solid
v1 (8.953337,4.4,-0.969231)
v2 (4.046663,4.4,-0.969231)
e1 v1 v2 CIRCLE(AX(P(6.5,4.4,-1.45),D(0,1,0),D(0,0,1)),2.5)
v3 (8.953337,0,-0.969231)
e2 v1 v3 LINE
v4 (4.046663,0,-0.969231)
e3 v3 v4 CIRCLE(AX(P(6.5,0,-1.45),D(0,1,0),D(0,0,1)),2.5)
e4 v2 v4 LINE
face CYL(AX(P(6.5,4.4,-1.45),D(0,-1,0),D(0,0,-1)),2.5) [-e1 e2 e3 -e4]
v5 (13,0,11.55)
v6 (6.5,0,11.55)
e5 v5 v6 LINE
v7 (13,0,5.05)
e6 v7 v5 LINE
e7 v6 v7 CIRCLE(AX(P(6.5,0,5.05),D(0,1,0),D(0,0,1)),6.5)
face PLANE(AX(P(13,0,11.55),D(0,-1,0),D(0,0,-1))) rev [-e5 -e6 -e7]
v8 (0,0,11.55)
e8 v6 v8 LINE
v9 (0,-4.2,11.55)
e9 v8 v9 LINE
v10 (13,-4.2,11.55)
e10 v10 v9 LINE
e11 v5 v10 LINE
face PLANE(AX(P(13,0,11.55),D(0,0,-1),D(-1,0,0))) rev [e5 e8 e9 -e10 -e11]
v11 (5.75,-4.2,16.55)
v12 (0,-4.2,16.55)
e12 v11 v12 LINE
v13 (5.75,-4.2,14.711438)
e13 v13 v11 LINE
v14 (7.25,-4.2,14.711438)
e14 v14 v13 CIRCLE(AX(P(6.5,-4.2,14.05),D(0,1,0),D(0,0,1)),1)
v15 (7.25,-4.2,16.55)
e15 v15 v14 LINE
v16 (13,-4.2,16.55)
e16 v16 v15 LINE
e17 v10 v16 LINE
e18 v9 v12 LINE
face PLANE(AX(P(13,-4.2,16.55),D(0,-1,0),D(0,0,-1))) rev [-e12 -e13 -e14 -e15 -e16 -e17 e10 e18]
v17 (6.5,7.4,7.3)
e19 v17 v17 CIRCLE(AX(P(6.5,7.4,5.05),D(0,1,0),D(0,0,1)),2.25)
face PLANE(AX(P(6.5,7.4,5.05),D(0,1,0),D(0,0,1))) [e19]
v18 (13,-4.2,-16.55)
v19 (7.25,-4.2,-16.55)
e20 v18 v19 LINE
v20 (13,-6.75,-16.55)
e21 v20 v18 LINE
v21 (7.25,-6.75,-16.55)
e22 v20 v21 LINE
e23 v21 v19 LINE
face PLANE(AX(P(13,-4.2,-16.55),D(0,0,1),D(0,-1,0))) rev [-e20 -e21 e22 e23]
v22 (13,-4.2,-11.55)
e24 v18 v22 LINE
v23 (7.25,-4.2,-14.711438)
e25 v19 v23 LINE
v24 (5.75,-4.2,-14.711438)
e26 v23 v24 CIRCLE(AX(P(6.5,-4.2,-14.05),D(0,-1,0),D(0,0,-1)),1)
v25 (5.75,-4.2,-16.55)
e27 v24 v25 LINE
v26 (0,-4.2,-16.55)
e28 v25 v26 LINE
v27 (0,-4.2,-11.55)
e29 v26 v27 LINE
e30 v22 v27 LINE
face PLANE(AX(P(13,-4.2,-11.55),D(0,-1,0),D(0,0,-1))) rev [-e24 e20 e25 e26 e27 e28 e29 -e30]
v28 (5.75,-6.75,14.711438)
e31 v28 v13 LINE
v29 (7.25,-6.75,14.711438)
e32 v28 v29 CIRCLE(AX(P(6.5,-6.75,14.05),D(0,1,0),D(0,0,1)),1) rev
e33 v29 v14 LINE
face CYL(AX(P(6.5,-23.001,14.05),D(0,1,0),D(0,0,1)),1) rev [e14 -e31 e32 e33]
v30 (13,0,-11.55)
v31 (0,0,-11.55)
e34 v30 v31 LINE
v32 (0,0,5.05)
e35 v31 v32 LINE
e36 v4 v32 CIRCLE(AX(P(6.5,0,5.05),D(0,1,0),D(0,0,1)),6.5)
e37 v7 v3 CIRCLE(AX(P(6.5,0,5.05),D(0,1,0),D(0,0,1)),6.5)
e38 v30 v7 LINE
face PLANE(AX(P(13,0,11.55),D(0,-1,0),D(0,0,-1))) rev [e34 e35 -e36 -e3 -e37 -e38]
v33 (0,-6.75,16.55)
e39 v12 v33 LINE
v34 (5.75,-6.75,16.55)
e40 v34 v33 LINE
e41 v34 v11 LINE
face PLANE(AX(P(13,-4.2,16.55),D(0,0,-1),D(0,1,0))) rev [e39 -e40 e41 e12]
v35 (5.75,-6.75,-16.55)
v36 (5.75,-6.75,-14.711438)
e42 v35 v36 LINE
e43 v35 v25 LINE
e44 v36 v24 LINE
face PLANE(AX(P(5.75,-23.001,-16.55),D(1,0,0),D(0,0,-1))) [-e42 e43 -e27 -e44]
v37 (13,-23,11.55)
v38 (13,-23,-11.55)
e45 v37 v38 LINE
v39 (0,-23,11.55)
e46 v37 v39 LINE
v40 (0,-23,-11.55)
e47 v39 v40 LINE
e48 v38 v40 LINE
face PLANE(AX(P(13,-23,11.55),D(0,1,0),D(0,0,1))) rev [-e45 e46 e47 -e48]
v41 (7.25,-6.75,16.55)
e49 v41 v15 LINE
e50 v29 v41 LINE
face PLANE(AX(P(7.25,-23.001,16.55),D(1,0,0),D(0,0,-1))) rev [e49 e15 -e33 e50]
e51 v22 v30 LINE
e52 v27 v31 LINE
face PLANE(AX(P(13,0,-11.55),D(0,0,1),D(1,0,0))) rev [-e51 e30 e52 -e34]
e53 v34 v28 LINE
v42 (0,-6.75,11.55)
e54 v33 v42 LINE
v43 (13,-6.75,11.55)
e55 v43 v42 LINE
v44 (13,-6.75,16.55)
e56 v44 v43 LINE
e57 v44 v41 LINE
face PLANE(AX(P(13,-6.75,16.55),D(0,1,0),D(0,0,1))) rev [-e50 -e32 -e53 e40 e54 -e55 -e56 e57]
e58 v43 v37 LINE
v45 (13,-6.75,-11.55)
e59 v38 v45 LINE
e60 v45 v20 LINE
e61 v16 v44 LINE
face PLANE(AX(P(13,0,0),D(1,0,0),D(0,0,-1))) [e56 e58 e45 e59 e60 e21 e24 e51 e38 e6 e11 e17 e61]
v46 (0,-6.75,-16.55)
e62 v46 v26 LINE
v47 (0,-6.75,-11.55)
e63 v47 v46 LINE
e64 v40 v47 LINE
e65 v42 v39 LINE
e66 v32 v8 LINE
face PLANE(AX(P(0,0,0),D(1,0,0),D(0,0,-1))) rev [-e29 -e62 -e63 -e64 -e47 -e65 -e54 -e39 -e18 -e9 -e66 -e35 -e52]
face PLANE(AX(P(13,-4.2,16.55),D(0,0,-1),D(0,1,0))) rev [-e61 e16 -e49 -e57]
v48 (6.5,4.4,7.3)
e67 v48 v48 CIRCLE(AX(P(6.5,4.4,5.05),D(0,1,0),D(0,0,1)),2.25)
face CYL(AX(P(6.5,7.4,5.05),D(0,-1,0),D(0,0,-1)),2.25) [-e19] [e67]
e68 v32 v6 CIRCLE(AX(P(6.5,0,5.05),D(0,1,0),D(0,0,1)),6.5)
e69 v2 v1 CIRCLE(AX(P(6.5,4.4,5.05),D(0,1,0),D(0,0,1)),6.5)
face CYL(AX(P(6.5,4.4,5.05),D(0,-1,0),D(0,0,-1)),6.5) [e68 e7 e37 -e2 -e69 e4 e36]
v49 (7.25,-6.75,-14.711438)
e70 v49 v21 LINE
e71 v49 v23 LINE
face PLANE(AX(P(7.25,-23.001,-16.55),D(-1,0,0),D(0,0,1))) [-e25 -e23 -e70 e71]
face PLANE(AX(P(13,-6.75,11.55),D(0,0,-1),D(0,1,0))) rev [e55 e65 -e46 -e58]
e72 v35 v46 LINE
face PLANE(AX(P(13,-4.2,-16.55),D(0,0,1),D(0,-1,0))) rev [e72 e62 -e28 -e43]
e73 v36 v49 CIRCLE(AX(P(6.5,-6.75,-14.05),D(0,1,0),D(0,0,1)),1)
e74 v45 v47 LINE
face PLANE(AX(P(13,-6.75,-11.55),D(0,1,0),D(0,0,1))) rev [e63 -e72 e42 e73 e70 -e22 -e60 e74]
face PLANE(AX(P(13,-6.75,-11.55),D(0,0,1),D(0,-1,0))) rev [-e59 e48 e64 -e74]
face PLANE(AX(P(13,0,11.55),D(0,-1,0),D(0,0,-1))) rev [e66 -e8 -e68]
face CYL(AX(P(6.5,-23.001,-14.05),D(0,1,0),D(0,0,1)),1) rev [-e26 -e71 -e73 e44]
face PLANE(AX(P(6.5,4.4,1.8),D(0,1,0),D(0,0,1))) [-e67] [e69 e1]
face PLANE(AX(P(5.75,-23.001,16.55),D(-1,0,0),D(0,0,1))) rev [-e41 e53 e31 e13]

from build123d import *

# Parameters (mm, degrees)
BOSS_EXTRUDE1_DEPTH = 13
BOSS_EXTRUDE2_DEPTH = 4.4
SKETCH3_R           = 2.25
BOSS_EXTRUDE3_DEPTH = 3
CUT_EXTRUDE1_REACH  = 30.22


with BuildPart() as part:
    # Sketch1 → Boss-Extrude1 (new body)
    with BuildSketch(Plane(origin=(0, 0, 0), x_dir=(0, 0, -1), z_dir=(1, 0, 0))):
        Polygon((11.55, -4.2), (16.55, -4.2), (16.55, -6.75), (11.55, -6.75), (11.55, -23), (-11.55, -23), (-11.55, -6.75), (-16.55, -6.75), (-16.55, -4.2), (-11.55, -4.2), (-11.55, 0), (11.55, 0), align=None)
    extrude(amount=BOSS_EXTRUDE1_DEPTH)

    # Sketch2 → Boss-Extrude2 (add)
    with BuildSketch(Plane(origin=(0, 0, 0), x_dir=(1, 0, 0), z_dir=(0, 1, 0))):
        with BuildLine():
            ThreePointArc((4.046663303, 0.969230769), (6.5, -11.55), (8.953336697, 0.969230769))
            ThreePointArc((8.953336697, 0.969230769), (6.5, 3.95), (4.046663303, 0.969230769))
        make_face()
    extrude(amount=BOSS_EXTRUDE2_DEPTH)

    # Sketch3 → Boss-Extrude3 (add)
    with BuildSketch(Plane(origin=(0, 4.4, 0), x_dir=(1, 0, 0), z_dir=(0, 1, 0))):
        with Locations(Location((6.5, -5.05, 0), (0, 0, 270))):
            Circle(SKETCH3_R)
    extrude(amount=BOSS_EXTRUDE3_DEPTH)

    # Sketch4 → Cut-Extrude1 (cut, up to next)
    with BuildSketch(Plane(origin=(0, -4.2, 0), x_dir=(1, 0, 0), z_dir=(0, 1, 0)), mode=Mode.PRIVATE) as cut_extrude1_sk1:
        with BuildLine():
            Line((5.75, -16.55), (5.75, -14.711437828))
            ThreePointArc((5.75, -14.711437828), (6.5, -13.05), (7.25, -14.711437828))
            Line((7.25, -14.711437828), (7.25, -16.55))
            Line((7.25, -16.55), (5.75, -16.55))
        make_face()
    cut_extrude1_tool1 = extrude(cut_extrude1_sk1.sketch, amount=-CUT_EXTRUDE1_REACH, mode=Mode.PRIVATE) & part.part
    cut_extrude1 = cut_extrude1_tool1.solids().sort_by_distance((6.5, -4.2, 14.785135))[0]
    add(cut_extrude1, mode=Mode.SUBTRACT)

    # Mirror1: Cut-Extrude1 across plane
    add(cut_extrude1.mirror(Plane.XY), mode=Mode.SUBTRACT)


solid = part.part
